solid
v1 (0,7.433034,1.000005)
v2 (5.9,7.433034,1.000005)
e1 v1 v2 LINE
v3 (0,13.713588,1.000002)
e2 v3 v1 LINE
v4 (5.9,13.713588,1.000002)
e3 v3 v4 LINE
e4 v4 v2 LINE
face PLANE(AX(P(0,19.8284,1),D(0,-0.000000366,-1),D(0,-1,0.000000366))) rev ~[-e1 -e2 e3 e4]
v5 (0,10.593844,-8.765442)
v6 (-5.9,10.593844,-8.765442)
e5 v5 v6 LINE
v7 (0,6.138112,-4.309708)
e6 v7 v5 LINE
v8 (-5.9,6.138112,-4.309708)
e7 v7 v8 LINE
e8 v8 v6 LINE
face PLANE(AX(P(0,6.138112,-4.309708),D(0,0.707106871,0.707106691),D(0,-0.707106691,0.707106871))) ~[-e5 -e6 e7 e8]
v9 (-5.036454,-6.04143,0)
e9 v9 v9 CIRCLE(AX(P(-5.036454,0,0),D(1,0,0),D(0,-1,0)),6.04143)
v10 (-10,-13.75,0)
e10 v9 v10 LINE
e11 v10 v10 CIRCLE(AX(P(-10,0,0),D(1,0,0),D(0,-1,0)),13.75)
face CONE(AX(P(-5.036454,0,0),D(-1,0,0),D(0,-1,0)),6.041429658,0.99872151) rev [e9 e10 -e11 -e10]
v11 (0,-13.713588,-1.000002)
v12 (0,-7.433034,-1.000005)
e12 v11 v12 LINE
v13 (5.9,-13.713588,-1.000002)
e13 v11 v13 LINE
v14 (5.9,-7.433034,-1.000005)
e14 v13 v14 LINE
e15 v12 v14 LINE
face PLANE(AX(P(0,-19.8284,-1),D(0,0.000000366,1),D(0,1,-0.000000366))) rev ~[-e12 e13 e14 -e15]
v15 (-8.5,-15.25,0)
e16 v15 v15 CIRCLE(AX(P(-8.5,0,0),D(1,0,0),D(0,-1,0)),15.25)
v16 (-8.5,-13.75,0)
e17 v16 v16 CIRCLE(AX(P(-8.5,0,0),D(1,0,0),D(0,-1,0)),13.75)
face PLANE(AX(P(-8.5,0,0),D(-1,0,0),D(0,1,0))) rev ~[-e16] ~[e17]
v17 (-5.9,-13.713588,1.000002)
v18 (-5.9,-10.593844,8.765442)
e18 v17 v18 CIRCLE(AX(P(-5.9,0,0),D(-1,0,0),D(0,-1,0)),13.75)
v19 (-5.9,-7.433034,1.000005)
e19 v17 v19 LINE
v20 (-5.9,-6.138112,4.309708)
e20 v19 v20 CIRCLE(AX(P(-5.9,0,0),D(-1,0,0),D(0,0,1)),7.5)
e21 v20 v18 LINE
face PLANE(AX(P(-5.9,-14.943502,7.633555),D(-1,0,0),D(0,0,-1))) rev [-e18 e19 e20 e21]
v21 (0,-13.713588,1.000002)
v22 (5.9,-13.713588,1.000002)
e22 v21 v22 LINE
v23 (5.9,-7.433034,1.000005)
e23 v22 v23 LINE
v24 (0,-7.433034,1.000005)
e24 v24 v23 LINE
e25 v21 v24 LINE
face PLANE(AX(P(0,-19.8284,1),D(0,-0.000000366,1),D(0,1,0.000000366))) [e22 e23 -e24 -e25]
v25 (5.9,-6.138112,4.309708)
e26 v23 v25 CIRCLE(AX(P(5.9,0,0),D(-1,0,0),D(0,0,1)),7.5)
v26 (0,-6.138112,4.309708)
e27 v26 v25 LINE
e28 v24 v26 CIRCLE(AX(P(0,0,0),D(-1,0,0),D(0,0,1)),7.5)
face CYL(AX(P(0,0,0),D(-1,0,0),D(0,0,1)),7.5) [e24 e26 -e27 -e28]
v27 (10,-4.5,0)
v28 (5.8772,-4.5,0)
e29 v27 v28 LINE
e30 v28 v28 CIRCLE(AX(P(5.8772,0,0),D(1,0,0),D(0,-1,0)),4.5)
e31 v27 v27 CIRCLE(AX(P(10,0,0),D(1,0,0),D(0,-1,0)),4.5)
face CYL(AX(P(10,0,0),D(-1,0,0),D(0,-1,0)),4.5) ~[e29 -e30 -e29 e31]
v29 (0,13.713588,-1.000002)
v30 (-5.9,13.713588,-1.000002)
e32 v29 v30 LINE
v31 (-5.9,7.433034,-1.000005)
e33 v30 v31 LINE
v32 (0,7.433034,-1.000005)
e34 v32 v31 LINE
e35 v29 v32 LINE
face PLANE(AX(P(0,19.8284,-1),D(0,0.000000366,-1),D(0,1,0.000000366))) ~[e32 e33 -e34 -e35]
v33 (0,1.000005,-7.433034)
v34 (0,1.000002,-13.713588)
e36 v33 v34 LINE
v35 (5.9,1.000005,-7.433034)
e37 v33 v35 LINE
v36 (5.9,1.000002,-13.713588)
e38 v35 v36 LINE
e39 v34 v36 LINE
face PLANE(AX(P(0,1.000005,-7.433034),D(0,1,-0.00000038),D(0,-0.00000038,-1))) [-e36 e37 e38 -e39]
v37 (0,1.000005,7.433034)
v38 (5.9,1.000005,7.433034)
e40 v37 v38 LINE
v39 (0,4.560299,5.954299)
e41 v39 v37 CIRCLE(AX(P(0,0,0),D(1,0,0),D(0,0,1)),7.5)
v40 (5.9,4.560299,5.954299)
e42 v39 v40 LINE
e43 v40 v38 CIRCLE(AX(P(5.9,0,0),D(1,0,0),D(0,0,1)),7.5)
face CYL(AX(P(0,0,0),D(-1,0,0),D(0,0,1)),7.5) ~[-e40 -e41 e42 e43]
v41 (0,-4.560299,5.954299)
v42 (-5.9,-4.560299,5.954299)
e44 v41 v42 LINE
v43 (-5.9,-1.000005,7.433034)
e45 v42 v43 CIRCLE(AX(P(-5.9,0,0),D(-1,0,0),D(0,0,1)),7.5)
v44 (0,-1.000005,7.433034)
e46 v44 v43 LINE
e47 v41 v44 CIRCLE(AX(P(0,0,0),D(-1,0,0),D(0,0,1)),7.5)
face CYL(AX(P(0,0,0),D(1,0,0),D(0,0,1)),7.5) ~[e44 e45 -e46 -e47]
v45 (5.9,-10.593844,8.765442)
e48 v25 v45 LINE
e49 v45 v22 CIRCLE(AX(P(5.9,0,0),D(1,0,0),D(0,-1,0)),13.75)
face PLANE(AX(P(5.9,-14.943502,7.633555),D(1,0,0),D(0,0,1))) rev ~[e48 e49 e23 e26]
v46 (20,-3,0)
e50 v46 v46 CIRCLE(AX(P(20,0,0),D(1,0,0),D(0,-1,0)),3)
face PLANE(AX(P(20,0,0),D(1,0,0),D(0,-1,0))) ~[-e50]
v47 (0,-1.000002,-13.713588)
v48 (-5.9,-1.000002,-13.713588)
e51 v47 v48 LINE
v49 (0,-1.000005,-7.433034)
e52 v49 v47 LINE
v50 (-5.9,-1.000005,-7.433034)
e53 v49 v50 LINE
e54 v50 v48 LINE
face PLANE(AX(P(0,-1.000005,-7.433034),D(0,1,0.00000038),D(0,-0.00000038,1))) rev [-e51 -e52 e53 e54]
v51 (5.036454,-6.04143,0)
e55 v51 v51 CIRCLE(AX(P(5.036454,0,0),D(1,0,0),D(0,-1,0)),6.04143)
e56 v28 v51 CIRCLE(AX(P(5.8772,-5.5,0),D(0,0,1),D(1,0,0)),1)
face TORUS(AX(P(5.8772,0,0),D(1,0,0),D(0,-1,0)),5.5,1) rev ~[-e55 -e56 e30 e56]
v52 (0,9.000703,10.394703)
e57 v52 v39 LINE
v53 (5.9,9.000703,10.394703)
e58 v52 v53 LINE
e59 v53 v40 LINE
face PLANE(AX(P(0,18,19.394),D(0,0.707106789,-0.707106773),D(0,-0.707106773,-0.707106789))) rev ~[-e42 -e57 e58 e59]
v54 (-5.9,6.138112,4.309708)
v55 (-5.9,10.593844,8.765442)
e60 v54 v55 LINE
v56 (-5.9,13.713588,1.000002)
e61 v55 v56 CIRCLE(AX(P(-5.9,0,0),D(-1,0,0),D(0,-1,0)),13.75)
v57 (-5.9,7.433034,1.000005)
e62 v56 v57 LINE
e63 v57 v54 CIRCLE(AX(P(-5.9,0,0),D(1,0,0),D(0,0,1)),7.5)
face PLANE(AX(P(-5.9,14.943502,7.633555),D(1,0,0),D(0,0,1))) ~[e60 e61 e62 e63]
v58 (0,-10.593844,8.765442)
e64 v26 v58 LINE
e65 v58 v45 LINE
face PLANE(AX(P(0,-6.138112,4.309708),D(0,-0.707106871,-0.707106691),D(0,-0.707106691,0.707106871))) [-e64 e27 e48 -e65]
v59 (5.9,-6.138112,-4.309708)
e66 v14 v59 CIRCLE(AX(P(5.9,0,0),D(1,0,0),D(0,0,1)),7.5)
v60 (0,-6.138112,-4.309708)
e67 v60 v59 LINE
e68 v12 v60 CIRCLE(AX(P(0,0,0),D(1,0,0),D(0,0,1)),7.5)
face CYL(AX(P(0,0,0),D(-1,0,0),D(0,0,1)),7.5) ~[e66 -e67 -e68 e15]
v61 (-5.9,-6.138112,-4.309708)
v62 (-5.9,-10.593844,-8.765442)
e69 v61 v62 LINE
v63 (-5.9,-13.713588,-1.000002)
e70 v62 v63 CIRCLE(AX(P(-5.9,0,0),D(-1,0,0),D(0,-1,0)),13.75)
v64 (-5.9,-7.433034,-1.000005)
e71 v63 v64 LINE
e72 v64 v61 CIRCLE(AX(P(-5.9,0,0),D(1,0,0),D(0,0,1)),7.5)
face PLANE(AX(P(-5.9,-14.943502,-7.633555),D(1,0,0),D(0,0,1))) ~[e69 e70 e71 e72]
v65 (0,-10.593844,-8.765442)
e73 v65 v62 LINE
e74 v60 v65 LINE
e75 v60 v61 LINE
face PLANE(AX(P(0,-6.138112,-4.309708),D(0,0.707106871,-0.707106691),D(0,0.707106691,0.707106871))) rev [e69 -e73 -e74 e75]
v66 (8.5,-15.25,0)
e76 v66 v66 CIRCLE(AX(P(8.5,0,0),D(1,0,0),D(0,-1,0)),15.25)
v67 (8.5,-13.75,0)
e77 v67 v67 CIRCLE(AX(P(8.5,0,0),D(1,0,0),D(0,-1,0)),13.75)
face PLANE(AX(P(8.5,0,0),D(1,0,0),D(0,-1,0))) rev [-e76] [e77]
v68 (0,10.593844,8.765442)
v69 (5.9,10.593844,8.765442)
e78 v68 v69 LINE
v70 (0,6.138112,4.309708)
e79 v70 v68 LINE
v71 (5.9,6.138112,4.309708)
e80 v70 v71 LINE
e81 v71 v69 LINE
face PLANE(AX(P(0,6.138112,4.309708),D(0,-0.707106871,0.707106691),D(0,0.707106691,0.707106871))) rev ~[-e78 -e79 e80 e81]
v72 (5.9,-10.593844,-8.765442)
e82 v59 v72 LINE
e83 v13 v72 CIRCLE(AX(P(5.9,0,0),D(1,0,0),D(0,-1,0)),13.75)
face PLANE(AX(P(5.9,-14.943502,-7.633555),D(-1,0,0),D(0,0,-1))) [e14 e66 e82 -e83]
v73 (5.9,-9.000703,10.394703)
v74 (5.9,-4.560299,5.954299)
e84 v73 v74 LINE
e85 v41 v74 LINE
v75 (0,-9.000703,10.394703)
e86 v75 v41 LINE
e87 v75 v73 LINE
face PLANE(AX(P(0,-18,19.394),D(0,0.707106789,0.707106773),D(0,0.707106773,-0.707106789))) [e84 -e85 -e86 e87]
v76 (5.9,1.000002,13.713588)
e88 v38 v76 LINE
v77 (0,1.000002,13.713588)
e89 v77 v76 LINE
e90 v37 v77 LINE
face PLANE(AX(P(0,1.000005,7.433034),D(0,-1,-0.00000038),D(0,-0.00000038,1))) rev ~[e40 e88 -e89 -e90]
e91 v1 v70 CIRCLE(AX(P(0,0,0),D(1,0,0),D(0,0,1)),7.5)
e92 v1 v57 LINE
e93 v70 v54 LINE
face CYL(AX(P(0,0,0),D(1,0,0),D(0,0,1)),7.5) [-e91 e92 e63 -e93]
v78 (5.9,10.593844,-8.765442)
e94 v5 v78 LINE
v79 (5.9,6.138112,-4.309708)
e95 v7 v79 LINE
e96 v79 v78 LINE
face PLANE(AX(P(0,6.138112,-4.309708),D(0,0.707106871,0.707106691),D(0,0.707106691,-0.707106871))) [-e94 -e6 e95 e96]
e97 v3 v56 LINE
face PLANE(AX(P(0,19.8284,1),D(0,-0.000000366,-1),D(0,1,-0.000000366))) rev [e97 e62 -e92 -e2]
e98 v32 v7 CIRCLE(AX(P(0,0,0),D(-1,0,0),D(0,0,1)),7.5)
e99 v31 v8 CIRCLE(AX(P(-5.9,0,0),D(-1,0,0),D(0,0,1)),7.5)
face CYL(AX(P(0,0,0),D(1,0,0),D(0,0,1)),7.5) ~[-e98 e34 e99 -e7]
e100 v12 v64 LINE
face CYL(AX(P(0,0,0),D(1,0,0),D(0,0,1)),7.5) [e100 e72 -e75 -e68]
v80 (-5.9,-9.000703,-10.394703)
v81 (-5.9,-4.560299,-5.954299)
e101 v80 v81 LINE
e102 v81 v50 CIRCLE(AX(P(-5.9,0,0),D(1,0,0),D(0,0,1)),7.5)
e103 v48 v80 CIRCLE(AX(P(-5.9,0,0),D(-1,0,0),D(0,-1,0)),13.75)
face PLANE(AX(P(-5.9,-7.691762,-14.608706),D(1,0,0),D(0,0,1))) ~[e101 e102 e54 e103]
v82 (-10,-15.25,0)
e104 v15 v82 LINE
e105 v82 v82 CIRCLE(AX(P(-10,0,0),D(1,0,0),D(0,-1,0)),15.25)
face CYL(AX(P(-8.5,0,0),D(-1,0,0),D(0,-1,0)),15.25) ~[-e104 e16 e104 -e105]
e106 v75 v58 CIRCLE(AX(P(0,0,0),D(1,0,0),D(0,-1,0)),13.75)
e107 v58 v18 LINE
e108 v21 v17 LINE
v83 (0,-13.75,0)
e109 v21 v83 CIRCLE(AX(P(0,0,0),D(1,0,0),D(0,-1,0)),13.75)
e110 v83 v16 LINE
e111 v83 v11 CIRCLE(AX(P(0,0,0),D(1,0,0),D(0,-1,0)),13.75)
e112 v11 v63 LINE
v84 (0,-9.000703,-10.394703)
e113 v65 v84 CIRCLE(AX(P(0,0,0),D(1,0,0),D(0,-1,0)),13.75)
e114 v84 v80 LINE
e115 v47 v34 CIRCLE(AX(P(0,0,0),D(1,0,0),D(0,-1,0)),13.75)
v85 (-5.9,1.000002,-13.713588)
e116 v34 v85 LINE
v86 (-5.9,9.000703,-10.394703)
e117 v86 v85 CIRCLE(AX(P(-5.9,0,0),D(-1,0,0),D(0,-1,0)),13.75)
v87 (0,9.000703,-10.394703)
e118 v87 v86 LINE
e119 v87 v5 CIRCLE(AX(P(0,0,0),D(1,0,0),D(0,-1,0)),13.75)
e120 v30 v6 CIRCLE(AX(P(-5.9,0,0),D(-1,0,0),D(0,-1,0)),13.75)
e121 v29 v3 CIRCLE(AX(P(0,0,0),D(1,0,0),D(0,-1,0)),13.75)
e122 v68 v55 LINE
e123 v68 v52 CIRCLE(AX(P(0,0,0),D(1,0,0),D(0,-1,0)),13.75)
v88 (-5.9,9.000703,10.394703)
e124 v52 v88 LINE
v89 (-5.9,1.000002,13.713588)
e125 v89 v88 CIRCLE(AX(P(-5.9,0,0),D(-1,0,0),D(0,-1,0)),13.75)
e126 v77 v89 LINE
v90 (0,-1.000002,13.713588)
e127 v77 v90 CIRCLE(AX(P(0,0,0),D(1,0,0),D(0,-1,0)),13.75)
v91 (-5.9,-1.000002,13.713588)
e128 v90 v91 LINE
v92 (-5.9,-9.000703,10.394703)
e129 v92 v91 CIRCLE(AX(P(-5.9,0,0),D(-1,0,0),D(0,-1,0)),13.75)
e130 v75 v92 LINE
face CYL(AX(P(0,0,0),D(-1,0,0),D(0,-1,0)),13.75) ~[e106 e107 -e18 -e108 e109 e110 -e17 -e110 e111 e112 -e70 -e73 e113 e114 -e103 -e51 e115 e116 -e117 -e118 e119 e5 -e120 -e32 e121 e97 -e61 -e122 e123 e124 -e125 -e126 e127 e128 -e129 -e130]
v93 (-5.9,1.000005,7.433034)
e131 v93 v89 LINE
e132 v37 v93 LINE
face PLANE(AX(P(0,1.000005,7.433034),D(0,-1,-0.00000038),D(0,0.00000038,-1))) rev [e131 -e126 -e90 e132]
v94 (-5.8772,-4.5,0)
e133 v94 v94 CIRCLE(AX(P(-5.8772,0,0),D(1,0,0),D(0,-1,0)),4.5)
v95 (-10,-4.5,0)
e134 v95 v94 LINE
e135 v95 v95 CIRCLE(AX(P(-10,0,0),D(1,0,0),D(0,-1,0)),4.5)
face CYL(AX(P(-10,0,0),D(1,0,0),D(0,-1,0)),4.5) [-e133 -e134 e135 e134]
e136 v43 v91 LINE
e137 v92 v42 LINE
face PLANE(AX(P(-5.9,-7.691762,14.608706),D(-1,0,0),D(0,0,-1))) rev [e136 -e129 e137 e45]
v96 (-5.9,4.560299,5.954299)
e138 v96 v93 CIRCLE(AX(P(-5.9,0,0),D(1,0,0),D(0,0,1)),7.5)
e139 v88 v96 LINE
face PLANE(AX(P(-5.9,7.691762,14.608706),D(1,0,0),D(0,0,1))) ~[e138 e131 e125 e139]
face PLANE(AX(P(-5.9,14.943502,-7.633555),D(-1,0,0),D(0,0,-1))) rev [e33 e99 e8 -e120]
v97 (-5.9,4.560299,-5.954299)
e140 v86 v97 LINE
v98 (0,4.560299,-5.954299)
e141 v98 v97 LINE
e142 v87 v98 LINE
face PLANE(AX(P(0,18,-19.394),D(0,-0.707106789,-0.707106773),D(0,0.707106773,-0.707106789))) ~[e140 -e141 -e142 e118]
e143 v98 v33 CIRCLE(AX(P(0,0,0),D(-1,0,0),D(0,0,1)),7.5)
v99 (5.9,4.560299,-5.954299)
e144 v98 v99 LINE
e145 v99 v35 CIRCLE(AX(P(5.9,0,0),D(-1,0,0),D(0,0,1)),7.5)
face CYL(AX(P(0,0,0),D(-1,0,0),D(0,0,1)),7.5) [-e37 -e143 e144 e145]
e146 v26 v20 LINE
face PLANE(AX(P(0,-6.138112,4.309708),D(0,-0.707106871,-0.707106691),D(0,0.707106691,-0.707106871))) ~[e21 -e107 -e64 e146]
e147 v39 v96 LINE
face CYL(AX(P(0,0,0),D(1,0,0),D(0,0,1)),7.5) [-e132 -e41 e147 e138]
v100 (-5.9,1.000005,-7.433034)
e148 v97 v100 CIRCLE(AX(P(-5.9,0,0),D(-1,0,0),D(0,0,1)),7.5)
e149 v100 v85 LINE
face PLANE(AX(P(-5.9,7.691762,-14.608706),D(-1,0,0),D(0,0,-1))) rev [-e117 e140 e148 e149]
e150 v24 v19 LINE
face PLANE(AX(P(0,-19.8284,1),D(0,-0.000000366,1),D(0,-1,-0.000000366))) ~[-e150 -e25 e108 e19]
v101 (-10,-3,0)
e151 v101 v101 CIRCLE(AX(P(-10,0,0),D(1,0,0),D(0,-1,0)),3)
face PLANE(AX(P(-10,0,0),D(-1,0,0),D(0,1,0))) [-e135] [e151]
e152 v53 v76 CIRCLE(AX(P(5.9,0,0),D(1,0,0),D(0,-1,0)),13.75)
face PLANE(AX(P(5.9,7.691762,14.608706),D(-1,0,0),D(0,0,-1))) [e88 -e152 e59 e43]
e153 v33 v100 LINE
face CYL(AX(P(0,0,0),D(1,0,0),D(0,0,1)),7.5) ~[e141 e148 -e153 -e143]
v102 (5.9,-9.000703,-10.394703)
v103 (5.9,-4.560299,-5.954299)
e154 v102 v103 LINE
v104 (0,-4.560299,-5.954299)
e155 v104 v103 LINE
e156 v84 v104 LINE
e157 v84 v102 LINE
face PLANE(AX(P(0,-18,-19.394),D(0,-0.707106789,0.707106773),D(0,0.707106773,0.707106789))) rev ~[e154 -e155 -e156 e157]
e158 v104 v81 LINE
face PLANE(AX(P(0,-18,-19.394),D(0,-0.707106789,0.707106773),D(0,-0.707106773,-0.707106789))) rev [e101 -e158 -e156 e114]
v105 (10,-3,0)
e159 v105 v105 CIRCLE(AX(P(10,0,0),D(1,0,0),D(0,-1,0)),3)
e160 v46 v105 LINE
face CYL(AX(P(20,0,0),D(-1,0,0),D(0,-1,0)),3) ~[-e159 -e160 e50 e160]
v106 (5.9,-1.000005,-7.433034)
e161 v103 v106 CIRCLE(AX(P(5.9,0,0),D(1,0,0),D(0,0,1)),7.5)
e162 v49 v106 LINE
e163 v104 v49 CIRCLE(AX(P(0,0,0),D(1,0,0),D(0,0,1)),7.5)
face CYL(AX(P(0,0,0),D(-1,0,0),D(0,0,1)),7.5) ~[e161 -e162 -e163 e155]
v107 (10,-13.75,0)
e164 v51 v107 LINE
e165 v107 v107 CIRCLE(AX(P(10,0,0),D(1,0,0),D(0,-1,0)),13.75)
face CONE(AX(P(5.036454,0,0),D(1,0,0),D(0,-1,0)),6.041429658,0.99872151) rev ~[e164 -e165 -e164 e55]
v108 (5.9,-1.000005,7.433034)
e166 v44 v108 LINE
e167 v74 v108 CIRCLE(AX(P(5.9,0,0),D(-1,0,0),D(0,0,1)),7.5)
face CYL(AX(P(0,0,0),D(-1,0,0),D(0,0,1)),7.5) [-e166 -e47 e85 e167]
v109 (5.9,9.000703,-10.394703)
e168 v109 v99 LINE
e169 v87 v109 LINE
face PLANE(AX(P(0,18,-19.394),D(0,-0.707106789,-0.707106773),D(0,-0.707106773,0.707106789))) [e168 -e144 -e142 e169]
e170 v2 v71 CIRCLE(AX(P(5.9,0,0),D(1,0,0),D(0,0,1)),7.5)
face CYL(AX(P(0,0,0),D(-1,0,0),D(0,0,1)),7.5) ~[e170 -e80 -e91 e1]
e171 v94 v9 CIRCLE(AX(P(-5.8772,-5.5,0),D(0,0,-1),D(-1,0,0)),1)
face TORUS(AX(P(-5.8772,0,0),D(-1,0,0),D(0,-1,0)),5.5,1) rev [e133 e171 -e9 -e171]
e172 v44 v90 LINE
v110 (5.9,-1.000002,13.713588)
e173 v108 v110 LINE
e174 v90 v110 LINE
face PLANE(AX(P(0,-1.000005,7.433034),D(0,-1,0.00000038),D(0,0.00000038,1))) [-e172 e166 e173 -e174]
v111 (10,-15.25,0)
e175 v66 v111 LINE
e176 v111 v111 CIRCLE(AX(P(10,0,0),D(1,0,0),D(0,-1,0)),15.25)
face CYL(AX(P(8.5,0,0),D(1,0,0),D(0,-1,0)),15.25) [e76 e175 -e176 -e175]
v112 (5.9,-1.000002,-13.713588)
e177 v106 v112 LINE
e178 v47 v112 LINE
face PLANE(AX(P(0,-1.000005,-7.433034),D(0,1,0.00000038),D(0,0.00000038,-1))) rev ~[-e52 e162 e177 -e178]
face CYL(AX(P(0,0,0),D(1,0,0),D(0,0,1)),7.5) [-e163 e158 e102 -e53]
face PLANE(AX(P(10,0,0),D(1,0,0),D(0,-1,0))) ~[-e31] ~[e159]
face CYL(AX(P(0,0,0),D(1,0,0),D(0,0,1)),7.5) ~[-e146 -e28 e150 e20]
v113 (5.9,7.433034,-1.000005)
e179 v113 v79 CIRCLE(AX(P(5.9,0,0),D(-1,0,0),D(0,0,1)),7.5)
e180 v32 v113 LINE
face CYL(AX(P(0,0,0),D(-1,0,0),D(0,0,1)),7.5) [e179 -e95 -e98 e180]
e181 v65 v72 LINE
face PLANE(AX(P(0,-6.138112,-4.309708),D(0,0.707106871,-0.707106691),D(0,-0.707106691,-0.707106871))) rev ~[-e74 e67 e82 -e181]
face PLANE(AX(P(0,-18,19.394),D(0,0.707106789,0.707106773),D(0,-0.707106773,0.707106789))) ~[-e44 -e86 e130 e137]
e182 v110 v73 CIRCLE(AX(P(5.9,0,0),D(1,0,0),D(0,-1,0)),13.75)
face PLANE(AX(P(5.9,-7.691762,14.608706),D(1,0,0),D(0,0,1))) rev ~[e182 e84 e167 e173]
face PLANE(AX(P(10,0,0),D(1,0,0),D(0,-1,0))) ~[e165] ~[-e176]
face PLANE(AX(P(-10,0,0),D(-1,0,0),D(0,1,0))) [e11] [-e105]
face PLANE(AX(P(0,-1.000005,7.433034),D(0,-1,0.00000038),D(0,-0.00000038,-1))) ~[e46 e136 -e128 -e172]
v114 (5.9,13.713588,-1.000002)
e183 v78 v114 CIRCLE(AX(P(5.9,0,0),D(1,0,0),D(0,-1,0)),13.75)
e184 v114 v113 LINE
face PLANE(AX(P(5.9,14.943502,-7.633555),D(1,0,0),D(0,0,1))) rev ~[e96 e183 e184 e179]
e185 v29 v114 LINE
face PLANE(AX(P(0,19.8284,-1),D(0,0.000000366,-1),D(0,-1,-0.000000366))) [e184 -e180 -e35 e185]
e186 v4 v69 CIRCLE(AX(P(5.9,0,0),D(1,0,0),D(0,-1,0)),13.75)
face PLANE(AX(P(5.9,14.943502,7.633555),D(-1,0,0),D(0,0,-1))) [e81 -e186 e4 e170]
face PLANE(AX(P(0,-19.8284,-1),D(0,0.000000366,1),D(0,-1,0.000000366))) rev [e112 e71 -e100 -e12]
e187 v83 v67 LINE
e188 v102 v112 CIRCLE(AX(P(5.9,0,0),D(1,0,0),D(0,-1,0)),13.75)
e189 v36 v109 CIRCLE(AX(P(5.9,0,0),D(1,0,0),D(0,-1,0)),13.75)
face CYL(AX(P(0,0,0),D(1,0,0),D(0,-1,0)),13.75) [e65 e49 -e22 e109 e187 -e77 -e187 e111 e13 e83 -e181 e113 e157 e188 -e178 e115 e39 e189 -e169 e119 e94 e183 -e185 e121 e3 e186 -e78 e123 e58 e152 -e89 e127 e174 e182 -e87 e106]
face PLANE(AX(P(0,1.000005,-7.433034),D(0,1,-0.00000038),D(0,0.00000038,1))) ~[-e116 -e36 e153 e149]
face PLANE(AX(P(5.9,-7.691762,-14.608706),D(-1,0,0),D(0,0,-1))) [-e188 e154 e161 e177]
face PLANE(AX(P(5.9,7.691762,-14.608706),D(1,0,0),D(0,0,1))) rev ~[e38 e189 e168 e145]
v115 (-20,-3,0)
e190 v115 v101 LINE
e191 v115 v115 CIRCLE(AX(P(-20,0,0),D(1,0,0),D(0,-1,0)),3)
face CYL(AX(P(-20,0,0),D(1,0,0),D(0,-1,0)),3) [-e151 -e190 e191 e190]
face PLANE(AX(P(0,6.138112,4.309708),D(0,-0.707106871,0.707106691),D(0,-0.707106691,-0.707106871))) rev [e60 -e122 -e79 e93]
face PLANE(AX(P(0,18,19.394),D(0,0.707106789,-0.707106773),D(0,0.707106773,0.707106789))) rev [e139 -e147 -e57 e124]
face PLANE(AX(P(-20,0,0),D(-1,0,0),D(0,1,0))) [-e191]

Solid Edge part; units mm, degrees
sketch "Sketch1" plane through (0, 0, 0) normal (0, 0, 1) x (1, 0, 0)
  line L0 (20, -3) -> (10, -3)
  line L1 (10, -3) -> (10, -4.5)
  line L2 (10, -4.5) -> (5.8772, -4.5)
  arc A0 (5.8772, -4.5) -> (5.0365, -6.0414) centre (5.8772, -5.5) ccw
  line L3 (5.0365, -6.0414) -> (10, -13.75)
  line L4 (10, -13.75) -> (10, -15.25)
  line L5 (8.5, -15.25) -> (10, -15.25)
  line L6 (8.5, -13.75) -> (8.5, -15.25)
  line L7 (0, -13.75) -> (8.5, -13.75)
  line L8 (0, 0) -> (0, -13.75)
  line L9 (0, 0) -> (20, 0)
  line L10 (20, 0) -> (20, -3)
revolve "RevolvedProtrusion1" add sketch "Sketch1" angle 360 about axis through (0, 0, 0) along (1, 0, 0)
sketch "Sketch2" plane through (0, 0, 0) normal (-1, 0, 0) x (0, 0, 1)
  line L0 (-7.433, 1) -> (-19.394, 1)
  line L1 (-19.394, 1) -> (-19.394, 18)
  line L2 (-19.394, 18) -> (-5.9543, 4.5603)
  arc A0 (-5.9543, 4.5603) -> (-7.433, 1) centre (0, 0) ccw
  line L3 (-7.433, -1) -> (-19.394, -1)
  line L4 (-19.394, -1) -> (-19.394, -18)
  line L5 (-19.394, -18) -> (-5.9543, -4.5603)
  arc A1 (-5.9543, -4.5603) -> (-7.433, -1) centre (0, 0) cw
  line L6 (-4.3097, -6.1381) -> (-18, -19.8284)
  line L7 (-18, -19.8284) -> (-1, -19.8284)
  line L8 (-1, -19.8284) -> (-1, -7.433)
  arc A2 (-1, -7.433) -> (-4.3097, -6.1381) centre (0, 0) cw
  line L9 (1, -19.8284) -> (1, -7.433)
  arc A3 (1, -7.433) -> (4.3097, -6.1381) centre (0, 0) ccw
  line L10 (4.3097, -6.1381) -> (18, -19.8284)
  line L11 (18, -19.8284) -> (1, -19.8284)
  line L12 (19.394, -18) -> (5.9543, -4.5603)
  arc A4 (5.9543, -4.5603) -> (7.433, -1) centre (0, 0) ccw
  line L13 (7.433, -1) -> (19.394, -1)
  line L14 (19.394, -1) -> (19.394, -18)
  line L15 (7.433, 1) -> (19.394, 1)
  line L16 (19.394, 1) -> (19.394, 18)
  line L17 (19.394, 18) -> (5.9543, 4.5603)
  arc A5 (5.9543, 4.5603) -> (7.433, 1) centre (0, 0) cw
  line L18 (4.3097, 6.1381) -> (18, 19.8284)
  line L19 (18, 19.8284) -> (1, 19.8284)
  line L20 (1, 19.8284) -> (1, 7.433)
  arc A6 (1, 7.433) -> (4.3097, 6.1381) centre (0, 0) cw
  line L21 (-1, 19.8284) -> (-1, 7.433)
  arc A7 (-1, 7.433) -> (-4.3097, 6.1381) centre (0, 0) ccw
  line L22 (-4.3097, 6.1381) -> (-18, 19.8284)
  line L23 (-18, 19.8284) -> (-1, 19.8284)
extrude "Cutout1" cut sketch "Sketch2" against normal blind 5.9
mirror "Mirror1" about plane through (0, 0, 0) normal (1, 0, 0) of "RevolvedProtrusion1", "Cutout1"
